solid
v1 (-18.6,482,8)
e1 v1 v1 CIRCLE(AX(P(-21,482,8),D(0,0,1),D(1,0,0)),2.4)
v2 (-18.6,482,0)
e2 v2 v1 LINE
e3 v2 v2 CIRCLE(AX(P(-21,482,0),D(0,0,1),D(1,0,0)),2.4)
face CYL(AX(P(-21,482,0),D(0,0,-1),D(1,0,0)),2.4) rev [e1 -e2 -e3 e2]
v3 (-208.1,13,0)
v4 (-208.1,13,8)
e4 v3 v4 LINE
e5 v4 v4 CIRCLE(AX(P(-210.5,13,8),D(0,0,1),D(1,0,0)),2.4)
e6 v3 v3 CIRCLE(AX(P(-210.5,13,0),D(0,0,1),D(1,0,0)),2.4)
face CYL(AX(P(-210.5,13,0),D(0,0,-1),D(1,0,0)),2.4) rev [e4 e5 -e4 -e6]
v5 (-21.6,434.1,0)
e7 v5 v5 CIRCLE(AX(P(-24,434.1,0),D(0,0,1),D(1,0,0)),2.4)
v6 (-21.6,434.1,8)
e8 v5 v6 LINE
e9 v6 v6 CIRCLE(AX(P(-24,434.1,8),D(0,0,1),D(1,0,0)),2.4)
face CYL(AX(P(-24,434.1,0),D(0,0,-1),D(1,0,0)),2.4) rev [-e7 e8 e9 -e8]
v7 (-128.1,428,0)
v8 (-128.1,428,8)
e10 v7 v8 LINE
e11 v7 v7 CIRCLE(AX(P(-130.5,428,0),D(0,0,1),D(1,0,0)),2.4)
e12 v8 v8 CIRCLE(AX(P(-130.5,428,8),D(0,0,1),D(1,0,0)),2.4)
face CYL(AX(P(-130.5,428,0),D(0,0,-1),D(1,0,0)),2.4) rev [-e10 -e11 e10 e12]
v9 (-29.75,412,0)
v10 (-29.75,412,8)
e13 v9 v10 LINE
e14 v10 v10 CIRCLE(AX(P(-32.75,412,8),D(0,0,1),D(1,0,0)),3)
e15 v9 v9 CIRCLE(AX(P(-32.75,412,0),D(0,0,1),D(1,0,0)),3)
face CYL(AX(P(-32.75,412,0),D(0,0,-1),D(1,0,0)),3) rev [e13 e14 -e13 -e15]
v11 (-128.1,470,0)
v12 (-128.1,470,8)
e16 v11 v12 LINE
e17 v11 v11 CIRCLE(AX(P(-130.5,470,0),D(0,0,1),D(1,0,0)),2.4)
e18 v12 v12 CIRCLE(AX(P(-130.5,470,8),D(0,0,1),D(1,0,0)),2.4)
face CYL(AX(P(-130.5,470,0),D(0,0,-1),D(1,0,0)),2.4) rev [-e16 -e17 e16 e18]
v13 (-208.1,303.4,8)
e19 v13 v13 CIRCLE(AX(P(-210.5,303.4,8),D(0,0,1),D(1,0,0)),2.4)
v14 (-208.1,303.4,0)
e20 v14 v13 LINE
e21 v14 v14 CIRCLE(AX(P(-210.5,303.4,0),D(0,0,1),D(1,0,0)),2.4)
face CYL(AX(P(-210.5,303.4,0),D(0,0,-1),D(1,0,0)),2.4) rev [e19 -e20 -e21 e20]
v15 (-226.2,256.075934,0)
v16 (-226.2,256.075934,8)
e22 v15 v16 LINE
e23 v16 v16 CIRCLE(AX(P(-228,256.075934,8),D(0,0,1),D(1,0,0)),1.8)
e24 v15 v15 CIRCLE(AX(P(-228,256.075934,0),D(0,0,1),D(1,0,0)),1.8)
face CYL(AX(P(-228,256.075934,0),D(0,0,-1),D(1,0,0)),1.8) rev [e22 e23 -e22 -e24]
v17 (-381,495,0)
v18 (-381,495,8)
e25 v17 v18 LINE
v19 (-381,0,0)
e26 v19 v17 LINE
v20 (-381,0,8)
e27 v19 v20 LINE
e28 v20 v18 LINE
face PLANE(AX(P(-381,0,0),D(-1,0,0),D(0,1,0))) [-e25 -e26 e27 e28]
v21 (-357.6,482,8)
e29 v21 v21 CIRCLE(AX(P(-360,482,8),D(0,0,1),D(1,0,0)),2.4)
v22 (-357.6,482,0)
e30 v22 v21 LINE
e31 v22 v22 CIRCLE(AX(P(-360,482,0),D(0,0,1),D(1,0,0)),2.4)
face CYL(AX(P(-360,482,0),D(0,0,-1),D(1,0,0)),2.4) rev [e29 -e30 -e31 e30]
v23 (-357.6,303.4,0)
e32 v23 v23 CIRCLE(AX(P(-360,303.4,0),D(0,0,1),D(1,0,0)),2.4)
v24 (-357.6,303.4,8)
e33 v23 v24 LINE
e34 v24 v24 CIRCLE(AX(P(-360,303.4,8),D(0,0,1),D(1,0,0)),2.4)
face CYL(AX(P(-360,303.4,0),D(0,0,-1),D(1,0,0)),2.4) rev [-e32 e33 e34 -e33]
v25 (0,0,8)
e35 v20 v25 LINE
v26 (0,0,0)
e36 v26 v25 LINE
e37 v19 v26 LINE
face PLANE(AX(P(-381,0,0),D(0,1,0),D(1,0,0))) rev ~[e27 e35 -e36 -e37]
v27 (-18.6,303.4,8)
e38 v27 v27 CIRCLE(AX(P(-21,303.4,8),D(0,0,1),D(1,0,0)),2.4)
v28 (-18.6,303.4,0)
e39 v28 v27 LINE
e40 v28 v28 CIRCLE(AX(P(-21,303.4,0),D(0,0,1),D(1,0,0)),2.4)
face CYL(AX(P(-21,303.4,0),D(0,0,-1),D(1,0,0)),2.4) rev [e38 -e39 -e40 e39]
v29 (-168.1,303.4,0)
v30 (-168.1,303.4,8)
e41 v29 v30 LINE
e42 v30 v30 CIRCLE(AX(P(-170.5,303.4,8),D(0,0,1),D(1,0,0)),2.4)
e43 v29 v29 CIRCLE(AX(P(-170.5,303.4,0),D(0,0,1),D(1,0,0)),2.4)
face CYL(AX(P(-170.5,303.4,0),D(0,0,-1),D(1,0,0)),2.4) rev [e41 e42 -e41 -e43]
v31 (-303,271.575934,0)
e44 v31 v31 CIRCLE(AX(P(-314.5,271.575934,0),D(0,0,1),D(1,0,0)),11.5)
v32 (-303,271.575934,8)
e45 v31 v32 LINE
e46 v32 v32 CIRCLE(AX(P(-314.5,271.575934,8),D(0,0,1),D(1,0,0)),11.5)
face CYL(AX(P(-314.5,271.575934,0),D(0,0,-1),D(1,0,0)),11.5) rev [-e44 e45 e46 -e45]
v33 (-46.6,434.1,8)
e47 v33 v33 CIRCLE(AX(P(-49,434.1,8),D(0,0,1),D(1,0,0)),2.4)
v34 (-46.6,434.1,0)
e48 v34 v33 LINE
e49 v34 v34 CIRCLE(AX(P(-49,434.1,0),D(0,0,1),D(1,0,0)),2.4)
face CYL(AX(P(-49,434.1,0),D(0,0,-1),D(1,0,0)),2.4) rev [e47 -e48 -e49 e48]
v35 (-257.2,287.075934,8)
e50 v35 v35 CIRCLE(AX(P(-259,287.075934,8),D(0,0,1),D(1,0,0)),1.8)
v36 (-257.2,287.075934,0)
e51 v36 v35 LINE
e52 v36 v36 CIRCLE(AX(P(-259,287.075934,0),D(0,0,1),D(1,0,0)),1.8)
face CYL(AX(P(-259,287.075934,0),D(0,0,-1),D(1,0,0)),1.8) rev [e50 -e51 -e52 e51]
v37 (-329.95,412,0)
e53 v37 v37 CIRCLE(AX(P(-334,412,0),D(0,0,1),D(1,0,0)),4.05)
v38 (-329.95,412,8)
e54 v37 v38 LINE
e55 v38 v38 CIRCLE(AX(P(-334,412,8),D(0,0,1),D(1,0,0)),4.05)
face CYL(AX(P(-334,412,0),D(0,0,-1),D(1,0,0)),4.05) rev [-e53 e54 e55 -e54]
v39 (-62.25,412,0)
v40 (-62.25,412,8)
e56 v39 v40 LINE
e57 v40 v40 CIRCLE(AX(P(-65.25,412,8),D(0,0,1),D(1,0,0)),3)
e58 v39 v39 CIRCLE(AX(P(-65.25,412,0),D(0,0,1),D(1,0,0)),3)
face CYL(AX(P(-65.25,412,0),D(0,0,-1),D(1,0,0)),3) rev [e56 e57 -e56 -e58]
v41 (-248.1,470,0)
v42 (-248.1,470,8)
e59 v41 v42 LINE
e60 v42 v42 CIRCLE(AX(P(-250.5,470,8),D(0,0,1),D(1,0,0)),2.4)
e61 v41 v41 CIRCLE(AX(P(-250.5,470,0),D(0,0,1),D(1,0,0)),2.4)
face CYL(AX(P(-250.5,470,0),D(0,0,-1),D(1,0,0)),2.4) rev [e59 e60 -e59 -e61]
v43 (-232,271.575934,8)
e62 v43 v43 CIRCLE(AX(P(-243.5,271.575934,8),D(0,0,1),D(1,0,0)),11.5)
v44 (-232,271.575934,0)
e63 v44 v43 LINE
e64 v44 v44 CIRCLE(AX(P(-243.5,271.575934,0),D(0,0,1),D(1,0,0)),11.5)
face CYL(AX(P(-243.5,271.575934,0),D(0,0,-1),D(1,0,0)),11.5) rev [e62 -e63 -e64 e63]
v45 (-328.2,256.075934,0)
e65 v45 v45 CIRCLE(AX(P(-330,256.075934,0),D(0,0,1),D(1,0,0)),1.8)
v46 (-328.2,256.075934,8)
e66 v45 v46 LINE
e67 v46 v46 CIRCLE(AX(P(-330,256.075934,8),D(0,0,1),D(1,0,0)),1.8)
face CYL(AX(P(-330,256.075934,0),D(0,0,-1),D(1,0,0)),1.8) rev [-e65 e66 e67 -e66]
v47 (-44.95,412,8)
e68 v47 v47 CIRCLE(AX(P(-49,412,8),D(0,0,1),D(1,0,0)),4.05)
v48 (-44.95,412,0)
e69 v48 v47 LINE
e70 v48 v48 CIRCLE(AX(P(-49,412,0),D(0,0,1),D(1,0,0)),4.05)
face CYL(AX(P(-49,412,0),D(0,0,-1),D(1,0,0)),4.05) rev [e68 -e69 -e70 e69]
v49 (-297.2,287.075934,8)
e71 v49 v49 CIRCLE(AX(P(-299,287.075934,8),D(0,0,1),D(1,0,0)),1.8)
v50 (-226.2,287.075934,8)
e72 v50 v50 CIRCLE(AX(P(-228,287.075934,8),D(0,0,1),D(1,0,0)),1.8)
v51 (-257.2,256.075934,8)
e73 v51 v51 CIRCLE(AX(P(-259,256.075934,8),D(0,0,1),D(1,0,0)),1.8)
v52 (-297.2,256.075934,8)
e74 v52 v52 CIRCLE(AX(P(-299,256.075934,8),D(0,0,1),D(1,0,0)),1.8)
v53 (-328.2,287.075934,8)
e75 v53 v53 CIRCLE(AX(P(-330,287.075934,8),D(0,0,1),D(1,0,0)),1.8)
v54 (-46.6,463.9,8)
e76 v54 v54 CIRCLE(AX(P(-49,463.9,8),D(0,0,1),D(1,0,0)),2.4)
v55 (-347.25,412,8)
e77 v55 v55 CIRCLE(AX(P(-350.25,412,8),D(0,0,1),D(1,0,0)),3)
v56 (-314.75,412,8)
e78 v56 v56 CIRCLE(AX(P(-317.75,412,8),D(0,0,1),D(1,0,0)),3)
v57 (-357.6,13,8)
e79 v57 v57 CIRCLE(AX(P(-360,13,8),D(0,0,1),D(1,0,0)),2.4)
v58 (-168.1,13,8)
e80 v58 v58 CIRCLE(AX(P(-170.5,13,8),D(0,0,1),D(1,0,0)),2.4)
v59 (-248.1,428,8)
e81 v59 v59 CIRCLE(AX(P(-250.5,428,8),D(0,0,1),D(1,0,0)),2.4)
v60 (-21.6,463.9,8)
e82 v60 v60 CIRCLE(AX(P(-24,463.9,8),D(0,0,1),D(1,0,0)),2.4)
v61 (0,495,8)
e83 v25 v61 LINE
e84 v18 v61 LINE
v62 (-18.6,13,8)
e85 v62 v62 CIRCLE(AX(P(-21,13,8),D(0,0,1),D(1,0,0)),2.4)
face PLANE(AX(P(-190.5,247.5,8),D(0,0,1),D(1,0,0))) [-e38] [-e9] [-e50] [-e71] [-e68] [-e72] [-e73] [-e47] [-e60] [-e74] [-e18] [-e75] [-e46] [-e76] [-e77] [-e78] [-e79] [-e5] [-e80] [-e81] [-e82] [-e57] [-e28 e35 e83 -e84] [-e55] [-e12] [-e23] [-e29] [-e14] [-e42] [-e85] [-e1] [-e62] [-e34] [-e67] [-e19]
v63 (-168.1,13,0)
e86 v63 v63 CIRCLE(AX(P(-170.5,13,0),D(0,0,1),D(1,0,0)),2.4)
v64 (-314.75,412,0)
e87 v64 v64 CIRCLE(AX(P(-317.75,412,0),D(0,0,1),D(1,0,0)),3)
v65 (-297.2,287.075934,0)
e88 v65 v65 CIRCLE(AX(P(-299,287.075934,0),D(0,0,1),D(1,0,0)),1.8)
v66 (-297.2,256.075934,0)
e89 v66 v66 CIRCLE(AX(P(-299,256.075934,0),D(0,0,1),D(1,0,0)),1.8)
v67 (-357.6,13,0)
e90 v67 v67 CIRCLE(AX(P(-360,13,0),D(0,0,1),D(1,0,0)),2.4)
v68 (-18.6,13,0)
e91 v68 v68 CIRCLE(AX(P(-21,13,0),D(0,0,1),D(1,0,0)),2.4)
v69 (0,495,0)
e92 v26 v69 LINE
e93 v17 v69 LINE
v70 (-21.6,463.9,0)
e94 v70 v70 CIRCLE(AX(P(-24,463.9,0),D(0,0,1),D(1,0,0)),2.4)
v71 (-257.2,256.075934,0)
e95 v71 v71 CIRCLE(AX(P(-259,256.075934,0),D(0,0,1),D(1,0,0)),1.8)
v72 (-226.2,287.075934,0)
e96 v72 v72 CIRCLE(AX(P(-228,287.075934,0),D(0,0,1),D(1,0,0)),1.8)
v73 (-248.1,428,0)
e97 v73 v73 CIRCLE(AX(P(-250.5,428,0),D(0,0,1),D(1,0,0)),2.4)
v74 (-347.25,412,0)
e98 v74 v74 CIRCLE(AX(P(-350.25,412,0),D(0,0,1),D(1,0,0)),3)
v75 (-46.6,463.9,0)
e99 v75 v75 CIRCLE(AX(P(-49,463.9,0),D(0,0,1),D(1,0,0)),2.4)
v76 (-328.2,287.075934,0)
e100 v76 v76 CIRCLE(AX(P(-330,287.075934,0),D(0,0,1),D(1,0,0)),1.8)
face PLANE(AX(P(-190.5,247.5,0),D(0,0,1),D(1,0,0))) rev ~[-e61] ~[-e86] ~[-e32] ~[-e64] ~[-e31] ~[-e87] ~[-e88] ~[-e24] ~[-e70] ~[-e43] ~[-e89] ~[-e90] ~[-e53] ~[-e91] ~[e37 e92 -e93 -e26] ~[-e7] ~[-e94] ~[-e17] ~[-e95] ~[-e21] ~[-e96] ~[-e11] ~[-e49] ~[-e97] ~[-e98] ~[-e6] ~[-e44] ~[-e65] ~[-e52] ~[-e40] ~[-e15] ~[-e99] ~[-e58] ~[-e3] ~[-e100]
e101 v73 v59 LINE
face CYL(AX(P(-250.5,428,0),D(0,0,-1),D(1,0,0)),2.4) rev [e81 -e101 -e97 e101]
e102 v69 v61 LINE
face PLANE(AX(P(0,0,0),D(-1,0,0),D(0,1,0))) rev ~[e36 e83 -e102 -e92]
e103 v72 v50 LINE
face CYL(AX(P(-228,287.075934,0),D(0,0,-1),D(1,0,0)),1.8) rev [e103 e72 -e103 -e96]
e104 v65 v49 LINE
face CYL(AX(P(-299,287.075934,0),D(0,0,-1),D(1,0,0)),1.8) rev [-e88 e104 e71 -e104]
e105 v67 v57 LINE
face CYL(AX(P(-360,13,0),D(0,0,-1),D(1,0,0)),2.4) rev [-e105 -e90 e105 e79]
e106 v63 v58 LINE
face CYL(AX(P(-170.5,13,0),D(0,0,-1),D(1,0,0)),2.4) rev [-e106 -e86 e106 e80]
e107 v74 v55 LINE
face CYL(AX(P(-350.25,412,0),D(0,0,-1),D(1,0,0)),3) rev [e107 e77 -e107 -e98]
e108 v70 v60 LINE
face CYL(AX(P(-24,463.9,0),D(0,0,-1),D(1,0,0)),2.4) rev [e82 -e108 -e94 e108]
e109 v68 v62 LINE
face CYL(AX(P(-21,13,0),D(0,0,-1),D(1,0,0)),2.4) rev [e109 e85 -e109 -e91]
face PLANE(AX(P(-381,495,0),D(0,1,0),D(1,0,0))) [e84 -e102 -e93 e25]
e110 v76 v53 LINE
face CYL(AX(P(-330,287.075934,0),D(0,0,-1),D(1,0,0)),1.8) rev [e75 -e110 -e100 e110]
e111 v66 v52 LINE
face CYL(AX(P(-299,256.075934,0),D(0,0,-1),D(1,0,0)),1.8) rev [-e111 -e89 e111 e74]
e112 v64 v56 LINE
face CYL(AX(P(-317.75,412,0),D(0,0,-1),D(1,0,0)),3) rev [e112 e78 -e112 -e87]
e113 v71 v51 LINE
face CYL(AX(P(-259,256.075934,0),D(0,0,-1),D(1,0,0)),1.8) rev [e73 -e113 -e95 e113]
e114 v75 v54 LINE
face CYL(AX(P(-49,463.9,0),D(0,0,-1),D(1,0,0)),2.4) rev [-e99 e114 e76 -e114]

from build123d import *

# Parameters (mm, degrees)
SKETCH_W   = 381
SKETCH_H   = 495
SKETCH_R   = 3
SKETCH_R_2 = 4.05
SKETCH_R_3 = 2.4
SKETCH_R_4 = 11.5
SKETCH_R_5 = 1.8
PAD_DEPTH  = 8


with BuildPart() as part:
    # Sketch → Pad (new body)
    with BuildSketch(Plane.XY):
        with Locations((-190.5, 247.5)):
            Rectangle(SKETCH_W, SKETCH_H)
        with Locations((-350.25, 412)):
            Circle(SKETCH_R, mode=Mode.SUBTRACT)
        with Locations((-317.75, 412)):
            Circle(SKETCH_R, mode=Mode.SUBTRACT)
        with Locations((-334, 412)):
            Circle(SKETCH_R_2, mode=Mode.SUBTRACT)
        with Locations((-65.25, 412)):
            Circle(SKETCH_R, mode=Mode.SUBTRACT)
        with Locations((-32.75, 412)):
            Circle(SKETCH_R, mode=Mode.SUBTRACT)
        with Locations((-49, 412)):
            Circle(SKETCH_R_2, mode=Mode.SUBTRACT)
        with Locations((-21, 482)):
            Circle(SKETCH_R_3, mode=Mode.SUBTRACT)
        with Locations((-360, 482)):
            Circle(SKETCH_R_3, mode=Mode.SUBTRACT)
        with Locations((-21, 13)):
            Circle(SKETCH_R_3, mode=Mode.SUBTRACT)
        with Locations((-360, 13)):
            Circle(SKETCH_R_3, mode=Mode.SUBTRACT)
        with Locations((-250.5, 470)):
            Circle(SKETCH_R_3, mode=Mode.SUBTRACT)
        with Locations((-250.5, 428)):
            Circle(SKETCH_R_3, mode=Mode.SUBTRACT)
        with Locations((-210.5, 303.4)):
            Circle(SKETCH_R_3, mode=Mode.SUBTRACT)
        with Locations((-170.5, 303.4)):
            Circle(SKETCH_R_3, mode=Mode.SUBTRACT)
        with Locations((-360, 303.4)):
            Circle(SKETCH_R_3, mode=Mode.SUBTRACT)
        with Locations((-21, 303.4)):
            Circle(SKETCH_R_3, mode=Mode.SUBTRACT)
        with Locations((-49, 463.9)):
            Circle(SKETCH_R_3, mode=Mode.SUBTRACT)
        with Locations((-24, 463.9)):
            Circle(SKETCH_R_3, mode=Mode.SUBTRACT)
        with Locations((-24, 434.1)):
            Circle(SKETCH_R_3, mode=Mode.SUBTRACT)
        with Locations((-49, 434.1)):
            Circle(SKETCH_R_3, mode=Mode.SUBTRACT)
        with Locations((-210.5, 13)):
            Circle(SKETCH_R_3, mode=Mode.SUBTRACT)
        with Locations((-170.5, 13)):
            Circle(SKETCH_R_3, mode=Mode.SUBTRACT)
        with Locations((-314.5, 271.575934)):
            Circle(SKETCH_R_4, mode=Mode.SUBTRACT)
        with Locations((-330, 287.075934)):
            Circle(SKETCH_R_5, mode=Mode.SUBTRACT)
        with Locations((-299, 287.075934)):
            Circle(SKETCH_R_5, mode=Mode.SUBTRACT)
        with Locations((-299, 256.075934)):
            Circle(SKETCH_R_5, mode=Mode.SUBTRACT)
        with Locations((-330, 256.075934)):
            Circle(SKETCH_R_5, mode=Mode.SUBTRACT)
        with Locations((-243.5, 271.575934)):
            Circle(SKETCH_R_4, mode=Mode.SUBTRACT)
        with Locations((-259, 287.075934)):
            Circle(SKETCH_R_5, mode=Mode.SUBTRACT)
        with Locations((-228, 287.075934)):
            Circle(SKETCH_R_5, mode=Mode.SUBTRACT)
        with Locations((-228, 256.075934)):
            Circle(SKETCH_R_5, mode=Mode.SUBTRACT)
        with Locations((-259, 256.075934)):
            Circle(SKETCH_R_5, mode=Mode.SUBTRACT)
        with Locations((-130.5, 470)):
            Circle(SKETCH_R_3, mode=Mode.SUBTRACT)
        with Locations((-130.5, 428)):
            Circle(SKETCH_R_3, mode=Mode.SUBTRACT)
    extrude(amount=PAD_DEPTH)


solid = part.part
